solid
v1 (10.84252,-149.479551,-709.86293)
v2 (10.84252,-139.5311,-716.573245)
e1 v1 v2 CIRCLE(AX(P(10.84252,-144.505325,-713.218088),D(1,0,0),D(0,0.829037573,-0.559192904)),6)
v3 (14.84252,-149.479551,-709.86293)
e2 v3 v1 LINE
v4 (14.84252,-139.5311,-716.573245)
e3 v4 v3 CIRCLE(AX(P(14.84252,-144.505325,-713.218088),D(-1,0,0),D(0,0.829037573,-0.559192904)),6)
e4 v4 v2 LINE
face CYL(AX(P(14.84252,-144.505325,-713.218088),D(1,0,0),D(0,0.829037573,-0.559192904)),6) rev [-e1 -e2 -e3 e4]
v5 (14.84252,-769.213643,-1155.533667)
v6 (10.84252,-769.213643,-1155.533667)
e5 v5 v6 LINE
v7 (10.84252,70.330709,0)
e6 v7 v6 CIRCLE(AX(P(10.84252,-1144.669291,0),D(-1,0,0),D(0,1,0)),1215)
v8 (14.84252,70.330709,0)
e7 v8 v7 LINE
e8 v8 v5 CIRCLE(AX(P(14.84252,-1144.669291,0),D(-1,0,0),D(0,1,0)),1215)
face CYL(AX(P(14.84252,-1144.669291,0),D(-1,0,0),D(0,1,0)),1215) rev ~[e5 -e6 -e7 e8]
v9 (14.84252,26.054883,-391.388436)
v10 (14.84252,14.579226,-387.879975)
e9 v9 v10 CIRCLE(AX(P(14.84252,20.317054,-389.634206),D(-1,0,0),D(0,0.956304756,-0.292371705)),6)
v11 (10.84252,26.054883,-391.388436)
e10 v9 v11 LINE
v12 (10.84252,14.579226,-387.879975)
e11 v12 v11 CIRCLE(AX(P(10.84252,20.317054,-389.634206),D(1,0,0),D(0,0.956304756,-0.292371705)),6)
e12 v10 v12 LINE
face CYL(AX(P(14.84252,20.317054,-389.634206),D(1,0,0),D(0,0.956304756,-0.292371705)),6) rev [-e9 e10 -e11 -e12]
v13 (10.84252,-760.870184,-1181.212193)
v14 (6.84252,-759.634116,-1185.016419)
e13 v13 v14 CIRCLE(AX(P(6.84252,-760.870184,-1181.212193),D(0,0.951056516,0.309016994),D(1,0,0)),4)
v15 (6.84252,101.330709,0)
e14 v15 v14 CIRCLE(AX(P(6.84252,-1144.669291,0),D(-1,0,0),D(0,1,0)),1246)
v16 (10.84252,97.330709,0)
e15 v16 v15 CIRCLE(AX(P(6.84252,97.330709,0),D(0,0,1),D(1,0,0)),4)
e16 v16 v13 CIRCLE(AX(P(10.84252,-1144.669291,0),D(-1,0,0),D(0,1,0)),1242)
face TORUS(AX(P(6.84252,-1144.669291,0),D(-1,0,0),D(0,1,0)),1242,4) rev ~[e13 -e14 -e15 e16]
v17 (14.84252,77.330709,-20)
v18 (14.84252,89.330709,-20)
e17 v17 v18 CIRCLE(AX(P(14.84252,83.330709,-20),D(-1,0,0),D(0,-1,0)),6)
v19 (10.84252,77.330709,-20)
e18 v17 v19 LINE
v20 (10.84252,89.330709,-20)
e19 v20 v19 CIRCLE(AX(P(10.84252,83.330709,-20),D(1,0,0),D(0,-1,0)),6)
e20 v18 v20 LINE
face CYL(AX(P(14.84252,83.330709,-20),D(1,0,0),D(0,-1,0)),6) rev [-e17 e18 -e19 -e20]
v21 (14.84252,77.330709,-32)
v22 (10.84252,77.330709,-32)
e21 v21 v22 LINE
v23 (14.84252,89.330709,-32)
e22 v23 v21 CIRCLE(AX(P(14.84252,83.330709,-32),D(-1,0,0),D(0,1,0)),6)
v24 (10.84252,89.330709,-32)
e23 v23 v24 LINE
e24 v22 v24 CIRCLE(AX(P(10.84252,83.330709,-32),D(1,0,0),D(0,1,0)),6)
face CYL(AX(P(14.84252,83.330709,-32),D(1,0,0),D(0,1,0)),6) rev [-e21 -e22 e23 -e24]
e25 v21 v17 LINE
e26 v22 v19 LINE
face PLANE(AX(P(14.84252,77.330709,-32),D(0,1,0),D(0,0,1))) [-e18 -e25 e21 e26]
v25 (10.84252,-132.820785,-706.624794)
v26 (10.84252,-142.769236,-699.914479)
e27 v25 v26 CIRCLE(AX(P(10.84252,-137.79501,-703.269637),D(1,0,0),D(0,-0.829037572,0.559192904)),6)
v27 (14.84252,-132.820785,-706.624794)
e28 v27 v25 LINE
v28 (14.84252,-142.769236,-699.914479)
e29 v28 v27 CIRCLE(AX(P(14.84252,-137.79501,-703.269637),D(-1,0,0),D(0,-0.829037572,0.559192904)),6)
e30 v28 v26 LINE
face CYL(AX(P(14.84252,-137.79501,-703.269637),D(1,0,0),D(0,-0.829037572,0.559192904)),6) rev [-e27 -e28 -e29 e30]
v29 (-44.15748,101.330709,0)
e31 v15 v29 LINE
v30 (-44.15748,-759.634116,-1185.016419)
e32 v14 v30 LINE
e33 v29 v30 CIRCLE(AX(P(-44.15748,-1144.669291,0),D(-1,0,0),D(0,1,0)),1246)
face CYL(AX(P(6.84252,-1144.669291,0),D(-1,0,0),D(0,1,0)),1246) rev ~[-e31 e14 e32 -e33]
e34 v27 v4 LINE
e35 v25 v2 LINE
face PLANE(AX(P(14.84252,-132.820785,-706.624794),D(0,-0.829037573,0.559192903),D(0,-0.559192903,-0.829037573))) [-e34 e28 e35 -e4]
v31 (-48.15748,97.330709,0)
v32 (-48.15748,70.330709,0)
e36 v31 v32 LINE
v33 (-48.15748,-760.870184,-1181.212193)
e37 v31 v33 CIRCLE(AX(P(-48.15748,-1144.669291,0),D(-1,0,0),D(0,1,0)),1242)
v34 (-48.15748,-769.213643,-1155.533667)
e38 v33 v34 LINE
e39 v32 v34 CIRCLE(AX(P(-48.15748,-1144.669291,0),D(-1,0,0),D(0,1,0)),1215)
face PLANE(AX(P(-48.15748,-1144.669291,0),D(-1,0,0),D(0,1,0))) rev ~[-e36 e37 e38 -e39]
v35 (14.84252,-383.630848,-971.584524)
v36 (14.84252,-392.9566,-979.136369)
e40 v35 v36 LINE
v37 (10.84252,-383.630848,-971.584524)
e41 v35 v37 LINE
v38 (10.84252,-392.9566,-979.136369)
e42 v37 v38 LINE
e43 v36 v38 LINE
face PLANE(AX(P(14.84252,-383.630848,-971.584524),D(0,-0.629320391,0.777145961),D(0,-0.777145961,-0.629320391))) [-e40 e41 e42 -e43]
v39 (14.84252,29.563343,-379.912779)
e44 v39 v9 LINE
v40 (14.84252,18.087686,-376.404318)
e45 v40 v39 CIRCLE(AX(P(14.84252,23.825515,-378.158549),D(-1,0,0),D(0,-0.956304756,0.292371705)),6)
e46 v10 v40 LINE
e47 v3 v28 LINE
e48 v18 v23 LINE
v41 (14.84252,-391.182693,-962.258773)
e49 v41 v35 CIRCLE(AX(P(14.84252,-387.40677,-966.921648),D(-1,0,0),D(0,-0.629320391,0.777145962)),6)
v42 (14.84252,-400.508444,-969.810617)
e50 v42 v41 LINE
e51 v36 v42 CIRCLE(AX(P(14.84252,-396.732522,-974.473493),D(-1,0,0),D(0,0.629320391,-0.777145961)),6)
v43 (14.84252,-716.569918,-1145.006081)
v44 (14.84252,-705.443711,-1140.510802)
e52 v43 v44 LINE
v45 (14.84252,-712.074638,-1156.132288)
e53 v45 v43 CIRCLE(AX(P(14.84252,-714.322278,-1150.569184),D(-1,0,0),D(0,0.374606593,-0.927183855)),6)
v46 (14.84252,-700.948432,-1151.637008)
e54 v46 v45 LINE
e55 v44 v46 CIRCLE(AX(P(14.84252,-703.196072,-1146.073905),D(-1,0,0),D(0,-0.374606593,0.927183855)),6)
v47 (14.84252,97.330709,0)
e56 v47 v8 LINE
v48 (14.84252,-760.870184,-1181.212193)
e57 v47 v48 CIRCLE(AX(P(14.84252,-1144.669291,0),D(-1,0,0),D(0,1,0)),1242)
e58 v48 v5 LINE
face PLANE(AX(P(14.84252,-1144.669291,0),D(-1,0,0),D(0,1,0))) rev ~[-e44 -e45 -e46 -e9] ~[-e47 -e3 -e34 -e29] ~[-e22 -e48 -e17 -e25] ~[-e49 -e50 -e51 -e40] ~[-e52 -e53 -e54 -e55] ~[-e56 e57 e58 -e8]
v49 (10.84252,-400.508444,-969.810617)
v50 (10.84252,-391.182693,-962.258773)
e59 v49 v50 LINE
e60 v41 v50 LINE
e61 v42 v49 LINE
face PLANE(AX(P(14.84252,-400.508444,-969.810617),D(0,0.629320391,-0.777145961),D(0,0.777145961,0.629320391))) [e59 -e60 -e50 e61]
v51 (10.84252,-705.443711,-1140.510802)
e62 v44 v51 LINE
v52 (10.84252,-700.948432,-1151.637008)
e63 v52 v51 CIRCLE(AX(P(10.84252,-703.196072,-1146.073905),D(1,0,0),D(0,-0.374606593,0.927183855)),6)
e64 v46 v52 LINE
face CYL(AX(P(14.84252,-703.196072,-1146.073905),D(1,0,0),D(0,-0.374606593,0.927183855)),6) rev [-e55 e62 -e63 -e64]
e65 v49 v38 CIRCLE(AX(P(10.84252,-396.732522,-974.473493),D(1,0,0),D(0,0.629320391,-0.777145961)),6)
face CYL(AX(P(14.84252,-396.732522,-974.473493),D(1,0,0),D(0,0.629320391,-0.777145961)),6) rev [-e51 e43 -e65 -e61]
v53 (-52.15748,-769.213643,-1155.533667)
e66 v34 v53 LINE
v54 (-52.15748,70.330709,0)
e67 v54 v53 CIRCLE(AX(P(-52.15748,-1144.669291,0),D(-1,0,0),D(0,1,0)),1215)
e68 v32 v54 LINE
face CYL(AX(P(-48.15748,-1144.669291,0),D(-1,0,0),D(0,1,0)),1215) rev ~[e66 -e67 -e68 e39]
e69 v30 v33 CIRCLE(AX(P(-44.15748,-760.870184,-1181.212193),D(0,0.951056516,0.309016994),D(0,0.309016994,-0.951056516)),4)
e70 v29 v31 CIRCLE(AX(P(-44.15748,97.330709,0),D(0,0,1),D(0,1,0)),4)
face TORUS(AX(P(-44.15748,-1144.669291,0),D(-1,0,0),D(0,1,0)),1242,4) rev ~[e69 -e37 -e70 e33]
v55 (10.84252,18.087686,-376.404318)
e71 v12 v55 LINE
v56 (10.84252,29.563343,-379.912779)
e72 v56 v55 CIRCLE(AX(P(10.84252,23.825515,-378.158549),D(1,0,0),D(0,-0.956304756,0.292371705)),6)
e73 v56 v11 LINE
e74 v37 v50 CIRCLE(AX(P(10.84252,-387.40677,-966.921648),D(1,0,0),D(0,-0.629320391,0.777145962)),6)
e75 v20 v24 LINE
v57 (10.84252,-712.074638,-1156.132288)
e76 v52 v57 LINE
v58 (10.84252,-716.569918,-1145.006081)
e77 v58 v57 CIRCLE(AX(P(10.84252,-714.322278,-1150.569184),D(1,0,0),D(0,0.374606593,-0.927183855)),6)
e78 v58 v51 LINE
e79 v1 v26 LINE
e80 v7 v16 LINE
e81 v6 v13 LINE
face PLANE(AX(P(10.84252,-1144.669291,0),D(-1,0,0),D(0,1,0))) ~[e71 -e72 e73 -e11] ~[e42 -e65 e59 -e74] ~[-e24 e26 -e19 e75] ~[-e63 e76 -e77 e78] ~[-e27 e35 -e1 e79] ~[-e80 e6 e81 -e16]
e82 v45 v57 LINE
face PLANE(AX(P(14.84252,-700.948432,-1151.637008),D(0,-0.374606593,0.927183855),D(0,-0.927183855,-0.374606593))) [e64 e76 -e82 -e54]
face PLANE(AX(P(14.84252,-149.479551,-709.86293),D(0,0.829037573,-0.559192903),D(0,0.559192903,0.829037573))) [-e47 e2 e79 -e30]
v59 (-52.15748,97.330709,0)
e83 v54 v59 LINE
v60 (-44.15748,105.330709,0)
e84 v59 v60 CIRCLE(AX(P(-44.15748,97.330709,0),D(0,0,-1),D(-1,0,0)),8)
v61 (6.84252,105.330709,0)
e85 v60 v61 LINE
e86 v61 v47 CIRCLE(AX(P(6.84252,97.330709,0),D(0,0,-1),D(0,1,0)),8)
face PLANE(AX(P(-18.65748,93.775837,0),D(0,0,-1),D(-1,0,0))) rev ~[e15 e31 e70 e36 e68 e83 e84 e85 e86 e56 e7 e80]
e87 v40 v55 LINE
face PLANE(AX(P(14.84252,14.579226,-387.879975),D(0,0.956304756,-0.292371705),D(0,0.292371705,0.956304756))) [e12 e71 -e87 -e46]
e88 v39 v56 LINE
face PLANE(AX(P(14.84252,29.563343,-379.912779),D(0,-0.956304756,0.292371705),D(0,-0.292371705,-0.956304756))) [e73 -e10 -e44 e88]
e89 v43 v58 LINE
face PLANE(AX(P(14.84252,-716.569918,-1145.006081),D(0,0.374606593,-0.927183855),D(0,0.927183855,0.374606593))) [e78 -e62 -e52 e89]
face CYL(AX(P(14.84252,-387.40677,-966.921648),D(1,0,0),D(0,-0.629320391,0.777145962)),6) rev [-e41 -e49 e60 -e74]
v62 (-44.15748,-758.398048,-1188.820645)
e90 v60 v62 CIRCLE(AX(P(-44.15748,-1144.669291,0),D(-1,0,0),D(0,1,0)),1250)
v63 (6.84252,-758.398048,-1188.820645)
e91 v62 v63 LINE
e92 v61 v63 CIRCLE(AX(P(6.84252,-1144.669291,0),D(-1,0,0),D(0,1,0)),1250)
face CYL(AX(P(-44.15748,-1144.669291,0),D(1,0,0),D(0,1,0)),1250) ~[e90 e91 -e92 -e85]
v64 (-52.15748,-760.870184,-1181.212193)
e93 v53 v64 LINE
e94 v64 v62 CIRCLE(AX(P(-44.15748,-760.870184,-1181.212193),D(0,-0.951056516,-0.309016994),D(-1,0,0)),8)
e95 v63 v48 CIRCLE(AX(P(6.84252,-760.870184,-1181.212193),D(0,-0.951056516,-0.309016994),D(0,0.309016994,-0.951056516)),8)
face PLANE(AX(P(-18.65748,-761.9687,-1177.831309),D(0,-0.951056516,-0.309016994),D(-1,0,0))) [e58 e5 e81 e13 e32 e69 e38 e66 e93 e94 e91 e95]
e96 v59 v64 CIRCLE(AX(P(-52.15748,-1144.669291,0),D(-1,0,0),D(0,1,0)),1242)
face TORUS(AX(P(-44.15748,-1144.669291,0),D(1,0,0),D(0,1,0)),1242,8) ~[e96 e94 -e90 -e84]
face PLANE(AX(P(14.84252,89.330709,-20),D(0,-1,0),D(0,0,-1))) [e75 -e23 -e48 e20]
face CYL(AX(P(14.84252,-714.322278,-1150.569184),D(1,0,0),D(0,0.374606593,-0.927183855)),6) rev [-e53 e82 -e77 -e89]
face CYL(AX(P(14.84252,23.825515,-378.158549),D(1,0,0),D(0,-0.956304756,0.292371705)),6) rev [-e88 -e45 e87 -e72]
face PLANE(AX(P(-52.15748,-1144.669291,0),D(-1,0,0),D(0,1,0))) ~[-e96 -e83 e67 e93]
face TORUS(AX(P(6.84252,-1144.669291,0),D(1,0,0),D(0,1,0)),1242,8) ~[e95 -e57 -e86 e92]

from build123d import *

# Parameters (mm, degrees)
REVOLVE1_ANGLE     = 72
CUT_EXTRUDE1_DEPTH = 10


with BuildPart() as part:
    # Sketch1 → Revolve1 (revolve)
    with BuildSketch(Plane.XY):
        with BuildLine():
            ThreePointArc((-52.157480315, 97.330708661), (-49.814334564, 102.987562911), (-44.157480315, 105.330708661))
            Line((-44.157480315, 105.330708661), (6.842519685, 105.330708661))
            ThreePointArc((6.842519685, 105.330708661), (12.499373935, 102.987562911), (14.842519685, 97.330708661))
            Line((14.842519685, 97.330708661), (14.842519685, 70.330708661))
            Line((14.842519685, 70.330708661), (10.842519685, 70.330708661))
            Line((10.842519685, 70.330708661), (10.842519685, 97.330708661))
            ThreePointArc((10.842519685, 97.330708661), (9.67094681, 100.159135786), (6.842519685, 101.330708661))
            Line((6.842519685, 101.330708661), (-44.157480315, 101.330708661))
            ThreePointArc((-44.157480315, 101.330708661), (-46.98590744, 100.159135786), (-48.157480315, 97.330708661))
            Line((-48.157480315, 97.330708661), (-48.157480315, 70.330708661))
            Line((-48.157480315, 70.330708661), (-52.157480315, 70.330708661))
            Line((-52.157480315, 70.330708661), (-52.157480315, 97.330708661))
        make_face()
    revolve(axis=Axis((14.842519685, -1144.669291339, 0), (-1, 0, 0)), revolution_arc=REVOLVE1_ANGLE)

    # Sketch2 → Cut-Extrude1 (cut)
    with BuildSketch(Plane(origin=(14.842519685, 0, 0), x_dir=(0, 0, -1), z_dir=(1, 0, 0))):
        with BuildLine():
            Line((20, 89.330708661), (32, 89.330708661))
            ThreePointArc((32, 89.330708661), (38, 83.330708661), (32, 77.330708661))
            Line((32, 77.330708661), (20, 77.330708661))
            ThreePointArc((20, 77.330708661), (14, 83.330708661), (20, 89.330708661))
        make_face()
        with BuildLine():
            Line((379.912778747, 29.563343425), (391.388435819, 26.054882969))
            ThreePointArc((391.388435819, 26.054882969), (395.372034126, 18.562824205), (387.879975362, 14.579225897))
            Line((387.879975362, 14.579225897), (376.40431829, 18.087686354))
            ThreePointArc((376.40431829, 18.087686354), (372.420719983, 25.579745118), (379.912778747, 29.563343425))
        make_face()
        with BuildLine():
            Line((706.624794334, -132.820784875), (716.573245205, -139.531099717))
            ThreePointArc((716.573245205, -139.531099717), (718.192313219, -147.860482573), (709.862930363, -149.479550587))
            Line((709.862930363, -149.479550587), (699.914479492, -142.769235746))
            ThreePointArc((699.914479492, -142.769235746), (698.295411478, -134.43985289), (706.624794334, -132.820784875))
        make_face()
        with BuildLine():
            Line((971.584524259, -383.630848012), (979.136368952, -392.95659955))
            ThreePointArc((979.136368952, -392.95659955), (978.249415529, -401.395397665), (969.810617414, -400.508444242))
            Line((969.810617414, -400.508444242), (962.258772721, -391.182692705))
            ThreePointArc((962.258772721, -391.182692705), (963.145726144, -382.74389459), (971.584524259, -383.630848012))
        make_face()
        with BuildLine():
            Line((1151.637008404, -700.948432155), (1156.132287525, -712.074638409))
            ThreePointArc((1156.132287525, -712.074638409), (1152.816823958, -719.885381097), (1145.00608127, -716.56991753))
            Line((1145.00608127, -716.56991753), (1140.510802149, -705.443711276))
            ThreePointArc((1140.510802149, -705.443711276), (1143.826265716, -697.632968588), (1151.637008404, -700.948432155))
        make_face()
    extrude(amount=-CUT_EXTRUDE1_DEPTH, mode=Mode.SUBTRACT)


solid = part.part
